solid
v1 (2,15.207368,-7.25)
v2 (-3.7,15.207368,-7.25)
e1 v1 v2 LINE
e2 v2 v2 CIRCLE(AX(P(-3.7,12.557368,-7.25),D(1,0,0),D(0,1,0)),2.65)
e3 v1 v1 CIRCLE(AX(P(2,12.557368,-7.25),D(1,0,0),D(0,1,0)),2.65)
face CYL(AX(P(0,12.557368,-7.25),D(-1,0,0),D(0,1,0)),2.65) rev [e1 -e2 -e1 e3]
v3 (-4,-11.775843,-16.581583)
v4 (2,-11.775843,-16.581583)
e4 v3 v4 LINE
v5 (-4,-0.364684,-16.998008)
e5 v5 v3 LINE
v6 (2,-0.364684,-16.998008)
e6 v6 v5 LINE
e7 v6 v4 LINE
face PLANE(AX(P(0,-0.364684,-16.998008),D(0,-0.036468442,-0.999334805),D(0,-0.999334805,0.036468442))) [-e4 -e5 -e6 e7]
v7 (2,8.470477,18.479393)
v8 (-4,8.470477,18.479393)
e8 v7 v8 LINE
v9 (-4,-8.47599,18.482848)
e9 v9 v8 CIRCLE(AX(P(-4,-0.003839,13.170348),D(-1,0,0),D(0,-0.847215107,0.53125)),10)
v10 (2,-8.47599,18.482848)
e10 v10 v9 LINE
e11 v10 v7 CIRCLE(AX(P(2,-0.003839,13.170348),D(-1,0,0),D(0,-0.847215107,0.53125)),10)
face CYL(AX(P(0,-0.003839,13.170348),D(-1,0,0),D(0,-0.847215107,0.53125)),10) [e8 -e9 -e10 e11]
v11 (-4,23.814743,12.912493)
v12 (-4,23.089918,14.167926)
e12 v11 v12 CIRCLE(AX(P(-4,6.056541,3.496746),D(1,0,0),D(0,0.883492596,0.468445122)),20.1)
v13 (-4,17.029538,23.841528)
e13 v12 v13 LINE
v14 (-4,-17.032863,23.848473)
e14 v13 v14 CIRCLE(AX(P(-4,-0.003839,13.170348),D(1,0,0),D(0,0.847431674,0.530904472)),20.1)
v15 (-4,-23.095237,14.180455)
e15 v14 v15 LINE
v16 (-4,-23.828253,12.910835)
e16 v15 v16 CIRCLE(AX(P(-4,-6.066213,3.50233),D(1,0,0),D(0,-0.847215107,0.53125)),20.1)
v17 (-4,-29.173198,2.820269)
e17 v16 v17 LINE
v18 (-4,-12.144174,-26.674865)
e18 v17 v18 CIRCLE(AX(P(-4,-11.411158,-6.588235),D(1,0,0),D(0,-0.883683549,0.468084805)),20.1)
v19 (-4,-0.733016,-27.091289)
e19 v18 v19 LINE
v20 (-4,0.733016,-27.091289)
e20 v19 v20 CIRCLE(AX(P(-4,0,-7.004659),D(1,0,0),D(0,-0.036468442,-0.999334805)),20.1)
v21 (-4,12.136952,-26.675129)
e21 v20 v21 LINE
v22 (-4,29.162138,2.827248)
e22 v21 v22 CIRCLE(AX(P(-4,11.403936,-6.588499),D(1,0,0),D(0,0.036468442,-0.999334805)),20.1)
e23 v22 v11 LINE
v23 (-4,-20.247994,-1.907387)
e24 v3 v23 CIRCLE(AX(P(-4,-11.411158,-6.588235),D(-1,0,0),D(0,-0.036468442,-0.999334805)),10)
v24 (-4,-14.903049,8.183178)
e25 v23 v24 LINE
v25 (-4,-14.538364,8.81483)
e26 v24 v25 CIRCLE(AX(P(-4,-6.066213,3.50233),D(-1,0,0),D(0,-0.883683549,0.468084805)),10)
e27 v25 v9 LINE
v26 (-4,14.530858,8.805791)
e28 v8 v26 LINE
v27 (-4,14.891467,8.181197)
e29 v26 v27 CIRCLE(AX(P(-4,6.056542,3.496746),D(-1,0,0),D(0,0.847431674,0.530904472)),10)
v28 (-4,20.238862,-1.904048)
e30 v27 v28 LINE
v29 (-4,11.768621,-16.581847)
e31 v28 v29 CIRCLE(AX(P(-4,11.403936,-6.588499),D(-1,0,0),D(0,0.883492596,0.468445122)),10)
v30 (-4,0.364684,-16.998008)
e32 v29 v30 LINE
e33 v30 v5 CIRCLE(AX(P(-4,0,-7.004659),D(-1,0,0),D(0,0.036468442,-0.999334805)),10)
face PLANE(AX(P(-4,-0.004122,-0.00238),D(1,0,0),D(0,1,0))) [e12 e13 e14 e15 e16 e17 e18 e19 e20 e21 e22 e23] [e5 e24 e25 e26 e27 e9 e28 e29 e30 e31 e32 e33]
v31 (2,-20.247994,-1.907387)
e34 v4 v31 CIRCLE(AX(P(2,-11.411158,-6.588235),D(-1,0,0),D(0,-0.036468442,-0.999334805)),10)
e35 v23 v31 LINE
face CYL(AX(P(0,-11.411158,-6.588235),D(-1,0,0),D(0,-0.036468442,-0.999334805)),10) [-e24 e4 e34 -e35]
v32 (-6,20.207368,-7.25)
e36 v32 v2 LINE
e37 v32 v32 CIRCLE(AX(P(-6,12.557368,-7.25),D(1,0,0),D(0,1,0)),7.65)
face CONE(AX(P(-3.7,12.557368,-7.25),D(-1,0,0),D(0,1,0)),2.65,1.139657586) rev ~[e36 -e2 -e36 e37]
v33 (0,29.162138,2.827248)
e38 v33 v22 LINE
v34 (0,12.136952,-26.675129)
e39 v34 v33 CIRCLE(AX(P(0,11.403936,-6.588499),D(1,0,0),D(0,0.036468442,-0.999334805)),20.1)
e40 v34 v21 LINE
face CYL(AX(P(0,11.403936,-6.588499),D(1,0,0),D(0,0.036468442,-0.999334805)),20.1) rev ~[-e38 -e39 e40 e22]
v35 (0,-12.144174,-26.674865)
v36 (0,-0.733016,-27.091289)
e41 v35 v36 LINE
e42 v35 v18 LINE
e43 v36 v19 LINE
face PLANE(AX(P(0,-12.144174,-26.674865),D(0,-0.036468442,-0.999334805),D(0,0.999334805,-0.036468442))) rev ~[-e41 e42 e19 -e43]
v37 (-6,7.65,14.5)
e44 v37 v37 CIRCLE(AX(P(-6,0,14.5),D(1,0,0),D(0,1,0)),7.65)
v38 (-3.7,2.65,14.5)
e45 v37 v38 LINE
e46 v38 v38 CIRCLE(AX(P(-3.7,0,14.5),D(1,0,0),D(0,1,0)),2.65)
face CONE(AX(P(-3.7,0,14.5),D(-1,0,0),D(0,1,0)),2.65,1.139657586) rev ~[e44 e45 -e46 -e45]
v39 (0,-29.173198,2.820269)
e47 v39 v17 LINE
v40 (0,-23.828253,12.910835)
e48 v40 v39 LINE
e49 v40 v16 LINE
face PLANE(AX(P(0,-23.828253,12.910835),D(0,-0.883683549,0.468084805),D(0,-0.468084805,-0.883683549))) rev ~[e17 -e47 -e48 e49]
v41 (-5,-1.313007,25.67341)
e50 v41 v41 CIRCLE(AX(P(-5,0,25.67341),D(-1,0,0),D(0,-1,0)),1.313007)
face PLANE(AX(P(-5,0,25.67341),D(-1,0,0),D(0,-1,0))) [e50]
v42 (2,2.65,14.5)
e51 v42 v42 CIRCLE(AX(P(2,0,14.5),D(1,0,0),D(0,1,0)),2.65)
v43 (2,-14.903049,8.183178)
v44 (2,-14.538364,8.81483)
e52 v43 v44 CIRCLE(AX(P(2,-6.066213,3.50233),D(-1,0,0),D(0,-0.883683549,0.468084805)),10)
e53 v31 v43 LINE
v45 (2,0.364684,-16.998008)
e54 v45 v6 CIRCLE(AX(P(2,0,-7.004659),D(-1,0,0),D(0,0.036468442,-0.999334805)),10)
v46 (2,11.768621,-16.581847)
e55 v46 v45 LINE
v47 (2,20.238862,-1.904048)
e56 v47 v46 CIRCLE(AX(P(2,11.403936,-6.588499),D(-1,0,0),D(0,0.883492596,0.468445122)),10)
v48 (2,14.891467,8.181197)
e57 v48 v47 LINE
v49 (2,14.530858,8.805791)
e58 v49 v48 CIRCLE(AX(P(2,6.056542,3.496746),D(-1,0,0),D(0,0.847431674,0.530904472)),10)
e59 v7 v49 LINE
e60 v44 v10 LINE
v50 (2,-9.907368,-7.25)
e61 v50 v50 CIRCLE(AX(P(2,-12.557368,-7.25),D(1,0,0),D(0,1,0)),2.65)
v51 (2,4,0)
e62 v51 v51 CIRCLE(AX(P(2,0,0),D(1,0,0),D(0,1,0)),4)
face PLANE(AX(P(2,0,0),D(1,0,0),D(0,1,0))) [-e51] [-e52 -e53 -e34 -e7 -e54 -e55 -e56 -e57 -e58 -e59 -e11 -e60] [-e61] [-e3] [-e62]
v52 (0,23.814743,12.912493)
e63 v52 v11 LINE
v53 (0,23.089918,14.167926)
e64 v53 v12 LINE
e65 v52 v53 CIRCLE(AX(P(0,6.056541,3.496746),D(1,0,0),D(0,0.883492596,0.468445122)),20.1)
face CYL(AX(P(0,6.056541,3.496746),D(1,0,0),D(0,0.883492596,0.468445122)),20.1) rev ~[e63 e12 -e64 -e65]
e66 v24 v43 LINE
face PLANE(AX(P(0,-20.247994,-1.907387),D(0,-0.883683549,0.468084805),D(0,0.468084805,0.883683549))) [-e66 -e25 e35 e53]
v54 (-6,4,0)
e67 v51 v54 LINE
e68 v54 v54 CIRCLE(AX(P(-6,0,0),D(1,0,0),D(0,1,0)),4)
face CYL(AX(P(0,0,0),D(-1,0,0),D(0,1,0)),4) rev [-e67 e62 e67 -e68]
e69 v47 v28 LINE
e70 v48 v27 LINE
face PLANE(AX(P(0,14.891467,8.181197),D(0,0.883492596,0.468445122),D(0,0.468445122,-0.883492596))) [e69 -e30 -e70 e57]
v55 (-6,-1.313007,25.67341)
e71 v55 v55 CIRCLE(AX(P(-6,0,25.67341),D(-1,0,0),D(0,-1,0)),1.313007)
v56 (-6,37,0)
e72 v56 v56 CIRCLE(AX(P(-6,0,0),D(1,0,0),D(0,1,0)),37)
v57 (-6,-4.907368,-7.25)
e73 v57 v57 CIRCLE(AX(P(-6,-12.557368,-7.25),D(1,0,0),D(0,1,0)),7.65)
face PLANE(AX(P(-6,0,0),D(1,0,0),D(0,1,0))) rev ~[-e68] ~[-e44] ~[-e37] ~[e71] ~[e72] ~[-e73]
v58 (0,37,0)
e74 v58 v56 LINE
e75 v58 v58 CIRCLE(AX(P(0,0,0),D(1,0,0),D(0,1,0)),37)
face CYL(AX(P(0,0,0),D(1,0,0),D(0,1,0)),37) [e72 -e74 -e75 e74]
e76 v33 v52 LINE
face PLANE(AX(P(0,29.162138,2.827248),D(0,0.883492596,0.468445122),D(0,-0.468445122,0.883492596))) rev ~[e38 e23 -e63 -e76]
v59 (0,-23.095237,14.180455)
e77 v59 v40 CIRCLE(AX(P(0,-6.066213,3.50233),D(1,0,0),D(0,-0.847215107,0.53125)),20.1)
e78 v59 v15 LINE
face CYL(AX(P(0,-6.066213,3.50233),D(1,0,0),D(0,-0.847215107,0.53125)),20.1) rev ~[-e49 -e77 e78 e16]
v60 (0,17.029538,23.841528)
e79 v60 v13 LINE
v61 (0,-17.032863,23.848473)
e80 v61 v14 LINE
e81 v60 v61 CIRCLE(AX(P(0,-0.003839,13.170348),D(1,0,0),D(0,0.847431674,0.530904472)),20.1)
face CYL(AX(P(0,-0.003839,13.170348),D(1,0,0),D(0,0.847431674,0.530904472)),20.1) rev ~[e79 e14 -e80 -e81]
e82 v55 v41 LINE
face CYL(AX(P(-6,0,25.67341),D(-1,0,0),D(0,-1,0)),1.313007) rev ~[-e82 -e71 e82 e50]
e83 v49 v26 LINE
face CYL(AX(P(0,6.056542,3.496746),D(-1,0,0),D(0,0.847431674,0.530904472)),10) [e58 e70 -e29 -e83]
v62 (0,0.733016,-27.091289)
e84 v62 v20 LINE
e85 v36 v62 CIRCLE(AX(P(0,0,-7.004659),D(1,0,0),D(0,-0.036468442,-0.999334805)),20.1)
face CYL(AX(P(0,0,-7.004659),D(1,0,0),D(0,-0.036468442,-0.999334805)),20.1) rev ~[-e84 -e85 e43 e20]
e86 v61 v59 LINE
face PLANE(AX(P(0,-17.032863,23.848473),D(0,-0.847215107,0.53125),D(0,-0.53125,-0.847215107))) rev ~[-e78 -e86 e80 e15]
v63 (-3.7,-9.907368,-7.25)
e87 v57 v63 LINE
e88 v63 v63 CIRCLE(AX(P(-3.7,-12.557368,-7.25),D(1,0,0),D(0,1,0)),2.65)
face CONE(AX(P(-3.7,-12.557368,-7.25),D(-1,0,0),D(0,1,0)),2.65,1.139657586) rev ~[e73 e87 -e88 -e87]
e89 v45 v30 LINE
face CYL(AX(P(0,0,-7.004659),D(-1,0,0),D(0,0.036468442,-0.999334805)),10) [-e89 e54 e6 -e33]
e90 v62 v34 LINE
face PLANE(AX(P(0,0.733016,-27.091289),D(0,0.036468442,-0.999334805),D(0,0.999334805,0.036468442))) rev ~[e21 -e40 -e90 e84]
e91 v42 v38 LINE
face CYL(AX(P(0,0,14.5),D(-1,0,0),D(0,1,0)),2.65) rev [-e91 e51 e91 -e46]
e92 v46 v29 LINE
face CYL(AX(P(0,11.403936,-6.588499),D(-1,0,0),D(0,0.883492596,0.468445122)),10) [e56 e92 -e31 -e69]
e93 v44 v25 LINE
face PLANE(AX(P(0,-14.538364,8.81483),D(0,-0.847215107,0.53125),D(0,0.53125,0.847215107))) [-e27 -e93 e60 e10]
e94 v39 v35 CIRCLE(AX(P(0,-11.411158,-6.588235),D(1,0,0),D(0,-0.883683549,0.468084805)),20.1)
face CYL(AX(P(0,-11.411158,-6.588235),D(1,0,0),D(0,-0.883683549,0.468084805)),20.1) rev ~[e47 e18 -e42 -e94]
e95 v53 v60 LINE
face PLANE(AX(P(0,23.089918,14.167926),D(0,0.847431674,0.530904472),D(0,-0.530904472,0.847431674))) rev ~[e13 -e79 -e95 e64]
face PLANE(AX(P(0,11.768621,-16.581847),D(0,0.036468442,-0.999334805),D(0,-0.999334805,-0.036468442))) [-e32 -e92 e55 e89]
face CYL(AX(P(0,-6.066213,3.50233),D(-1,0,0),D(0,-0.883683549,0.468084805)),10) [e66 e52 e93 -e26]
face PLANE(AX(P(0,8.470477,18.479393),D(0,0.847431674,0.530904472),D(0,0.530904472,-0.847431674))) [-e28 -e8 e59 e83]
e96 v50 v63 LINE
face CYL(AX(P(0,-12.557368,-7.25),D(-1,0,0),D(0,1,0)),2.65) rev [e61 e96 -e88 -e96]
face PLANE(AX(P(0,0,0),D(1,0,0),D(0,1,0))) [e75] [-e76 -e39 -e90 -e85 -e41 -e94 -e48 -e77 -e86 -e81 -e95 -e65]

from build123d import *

# Parameters (mm, degrees)
F0_R     = 37
F0_R_2   = 2.65
F0_R_3   = 4
F1_DEPTH = 6
F2_DEPTH = 4
F3_DEPTH = 2
F4_SIZE2 = 2.3
F4_SIZE  = 5
F5_R     = 1.3130068335
F6_DEPTH = 1


with BuildPart() as f1:
    # F0 (on Right) → F1 (new body)
    with BuildSketch(Plane.YZ):
        Circle(F0_R)
        with BuildLine():
            Line((-23.0952370323, 14.180454946), (-17.0328632471, 23.8484731203))
            ThreePointArc((-17.0328632471, 23.8484731203), (0.0002590164, 33.2703478915), (17.0295377344, 23.8415279974))
            Line((17.0295377344, 23.8415279974), (23.0899184639, 14.167925942))
            ThreePointArc((23.0899184639, 14.167925942), (23.4636524397, 13.5467460522), (23.8147430167, 12.9124929901))
            Line((23.8147430167, 12.9124929901), (29.162137778, 2.827248294))
            ThreePointArc((29.162137778, 2.827248294), (28.813095975, -16.6349496309), (12.1369519401, -26.6751288313))
            Line((12.1369519401, -26.6751288313), (0.7330157043, -27.0912894495))
            ThreePointArc((0.7330157043, -27.0912894495), (0, -27.1046598669), (-0.7330157043, -27.0912894495))
            Line((-0.7330157043, -27.0912894495), (-12.1441739659, -26.6748652799))
            ThreePointArc((-12.1441739659, -26.6748652799), (-28.8182692269, -16.6382354957), (-29.1731979579, 2.8202694775))
            Line((-29.1731979579, 2.8202694775), (-23.8282527367, 12.9108345034))
            ThreePointArc((-23.8282527367, 12.9108345034), (-23.4733240056, 13.5523299334), (-23.0952370323, 14.180454946))
        make_face(mode=Mode.SUBTRACT)
        with BuildLine():
            ThreePointArc((17.0295377344, 23.8415279974), (0.0002590164, 33.2703478915), (-17.0328632471, 23.8484731203))
            Line((-17.0328632471, 23.8484731203), (-23.0952370323, 14.180454946))
            ThreePointArc((-23.0952370323, 14.180454946), (-23.4733240056, 13.5523299334), (-23.8282527367, 12.9108345034))
            Line((-23.8282527367, 12.9108345034), (-29.1731979579, 2.8202694775))
            ThreePointArc((-29.1731979579, 2.8202694775), (-28.8182692269, -16.6382354957), (-12.1441739659, -26.6748652799))
            Line((-12.1441739659, -26.6748652799), (-0.7330157043, -27.0912894495))
            ThreePointArc((-0.7330157043, -27.0912894495), (0, -27.1046598669), (0.7330157043, -27.0912894495))
            Line((0.7330157043, -27.0912894495), (12.1369519401, -26.6751288313))
            ThreePointArc((12.1369519401, -26.6751288313), (28.813095975, -16.6349496309), (29.162137778, 2.827248294))
            Line((29.162137778, 2.827248294), (23.8147430167, 12.9124929901))
            ThreePointArc((23.8147430167, 12.9124929901), (23.4636524397, 13.5467460522), (23.0899184639, 14.167925942))
            Line((23.0899184639, 14.167925942), (17.0295377344, 23.8415279974))
        make_face()
        with BuildLine():
            Line((-14.5383641102, 8.8148297318), (-8.4759903249, 18.482847906))
            ThreePointArc((-8.4759903249, 18.482847906), (-0.0018003141, 23.1703476982), (8.4704774851, 18.4793926211))
            Line((8.4704774851, 18.4793926211), (14.5308582146, 8.8057905657))
            ThreePointArc((14.5308582146, 8.8057905657), (14.7167955123, 8.4967458506), (14.8914674376, 8.1811970698))
            Line((14.8914674376, 8.1811970698), (20.2388621989, -1.9040476263))
            ThreePointArc((20.2388621989, -1.9040476263), (20.0652095641, -11.5867329668), (11.7686206585, -16.5818468966))
            Line((11.7686206585, -16.5818468966), (0.3646844227, -16.9980075148))
            ThreePointArc((0.3646844227, -16.9980075148), (0, -17.0046594636), (-0.3646844227, -16.9980075148))
            Line((-0.3646844227, -16.9980075148), (-11.7758426843, -16.5815833453))
            ThreePointArc((-11.7758426843, -16.5815833453), (-20.0714122995, -11.5882352941), (-20.2479937541, -1.9073872429))
            Line((-20.2479937541, -1.9073872429), (-14.9030485329, 8.183177783))
            ThreePointArc((-14.9030485329, 8.183177783), (-14.7264670782, 8.5023297318), (-14.5383641102, 8.8148297318))
        make_face(mode=Mode.SUBTRACT)
        with BuildLine():
            ThreePointArc((8.4704774851, 18.4793926211), (-0.0018003141, 23.1703476982), (-8.4759903249, 18.482847906))
            Line((-8.4759903249, 18.482847906), (-14.5383641102, 8.8148297318))
            ThreePointArc((-14.5383641102, 8.8148297318), (-14.7264670782, 8.5023297318), (-14.9030485329, 8.183177783))
            Line((-14.9030485329, 8.183177783), (-20.2479937541, -1.9073872429))
            ThreePointArc((-20.2479937541, -1.9073872429), (-20.0714122995, -11.5882352941), (-11.7758426843, -16.5815833453))
            Line((-11.7758426843, -16.5815833453), (-0.3646844227, -16.9980075148))
            ThreePointArc((-0.3646844227, -16.9980075148), (0, -17.0046594636), (0.3646844227, -16.9980075148))
            Line((0.3646844227, -16.9980075148), (11.7686206585, -16.5818468966))
            ThreePointArc((11.7686206585, -16.5818468966), (20.0652095641, -11.5867329668), (20.2388621989, -1.9040476263))
            Line((20.2388621989, -1.9040476263), (14.8914674376, 8.1811970698))
            ThreePointArc((14.8914674376, 8.1811970698), (14.7167955123, 8.4967458506), (14.5308582146, 8.8057905657))
            Line((14.5308582146, 8.8057905657), (8.4704774851, 18.4793926211))
        make_face()
        with Locations((-12.5573683549, -7.25)):
            Circle(F0_R_2, mode=Mode.SUBTRACT)
        with Locations((12.5573683549, -7.25)):
            Circle(F0_R_2, mode=Mode.SUBTRACT)
        Circle(F0_R_3, mode=Mode.SUBTRACT)
        with Locations((0, 14.5)):
            Circle(F0_R_2, mode=Mode.SUBTRACT)
    extrude(amount=-F1_DEPTH)

    # F0 (on Right) → F2 (cut)
    with BuildSketch(Plane.YZ):
        with BuildLine():
            ThreePointArc((17.0295377344, 23.8415279974), (0.0002590164, 33.2703478915), (-17.0328632471, 23.8484731203))
            Line((-17.0328632471, 23.8484731203), (-23.0952370323, 14.180454946))
            ThreePointArc((-23.0952370323, 14.180454946), (-23.4733240056, 13.5523299334), (-23.8282527367, 12.9108345034))
            Line((-23.8282527367, 12.9108345034), (-29.1731979579, 2.8202694775))
            ThreePointArc((-29.1731979579, 2.8202694775), (-28.8182692269, -16.6382354957), (-12.1441739659, -26.6748652799))
            Line((-12.1441739659, -26.6748652799), (-0.7330157043, -27.0912894495))
            ThreePointArc((-0.7330157043, -27.0912894495), (0, -27.1046598669), (0.7330157043, -27.0912894495))
            Line((0.7330157043, -27.0912894495), (12.1369519401, -26.6751288313))
            ThreePointArc((12.1369519401, -26.6751288313), (28.813095975, -16.6349496309), (29.162137778, 2.827248294))
            Line((29.162137778, 2.827248294), (23.8147430167, 12.9124929901))
            ThreePointArc((23.8147430167, 12.9124929901), (23.4636524397, 13.5467460522), (23.0899184639, 14.167925942))
            Line((23.0899184639, 14.167925942), (17.0295377344, 23.8415279974))
        make_face()
        with BuildLine():
            Line((-14.5383641102, 8.8148297318), (-8.4759903249, 18.482847906))
            ThreePointArc((-8.4759903249, 18.482847906), (-0.0018003141, 23.1703476982), (8.4704774851, 18.4793926211))
            Line((8.4704774851, 18.4793926211), (14.5308582146, 8.8057905657))
            ThreePointArc((14.5308582146, 8.8057905657), (14.7167955123, 8.4967458506), (14.8914674376, 8.1811970698))
            Line((14.8914674376, 8.1811970698), (20.2388621989, -1.9040476263))
            ThreePointArc((20.2388621989, -1.9040476263), (20.0652095641, -11.5867329668), (11.7686206585, -16.5818468966))
            Line((11.7686206585, -16.5818468966), (0.3646844227, -16.9980075148))
            ThreePointArc((0.3646844227, -16.9980075148), (0, -17.0046594636), (-0.3646844227, -16.9980075148))
            Line((-0.3646844227, -16.9980075148), (-11.7758426843, -16.5815833453))
            ThreePointArc((-11.7758426843, -16.5815833453), (-20.0714122995, -11.5882352941), (-20.2479937541, -1.9073872429))
            Line((-20.2479937541, -1.9073872429), (-14.9030485329, 8.183177783))
            ThreePointArc((-14.9030485329, 8.183177783), (-14.7264670782, 8.5023297318), (-14.5383641102, 8.8148297318))
        make_face(mode=Mode.SUBTRACT)
    extrude(amount=-F2_DEPTH, mode=Mode.SUBTRACT)

    # F3 (add): a face of the model
    f3_faces = [f1.faces().sort_by_distance(p)[0] for p in [
        (0, -6.0488520011, -16.2030604824),
    ]]
    extrude(f3_faces, amount=F3_DEPTH)

    # F4
    f4_edges = [f1.edges().sort_by_distance(p)[0] for p in [
        (-6, -2.65, 14.5),
        (-6, 9.907368, -7.25),
        (-6, -15.207368, -7.25),
    ]]
    f4_side = f1.faces().sort_by_distance((-6, -35.953482, 0))[0]
    chamfer(f4_edges, length=F4_SIZE, length2=F4_SIZE2, reference=f4_side)

    # F5 (on face) → F6 (cut)
    with BuildSketch(Plane(origin=(-6, 0, 0), x_dir=(0, -1, 0), z_dir=(-1, 0, 0))):
        with Locations((0, 25.6734099239)):
            Circle(F5_R)
    extrude(amount=-F6_DEPTH, mode=Mode.SUBTRACT)


solid = f1.part
